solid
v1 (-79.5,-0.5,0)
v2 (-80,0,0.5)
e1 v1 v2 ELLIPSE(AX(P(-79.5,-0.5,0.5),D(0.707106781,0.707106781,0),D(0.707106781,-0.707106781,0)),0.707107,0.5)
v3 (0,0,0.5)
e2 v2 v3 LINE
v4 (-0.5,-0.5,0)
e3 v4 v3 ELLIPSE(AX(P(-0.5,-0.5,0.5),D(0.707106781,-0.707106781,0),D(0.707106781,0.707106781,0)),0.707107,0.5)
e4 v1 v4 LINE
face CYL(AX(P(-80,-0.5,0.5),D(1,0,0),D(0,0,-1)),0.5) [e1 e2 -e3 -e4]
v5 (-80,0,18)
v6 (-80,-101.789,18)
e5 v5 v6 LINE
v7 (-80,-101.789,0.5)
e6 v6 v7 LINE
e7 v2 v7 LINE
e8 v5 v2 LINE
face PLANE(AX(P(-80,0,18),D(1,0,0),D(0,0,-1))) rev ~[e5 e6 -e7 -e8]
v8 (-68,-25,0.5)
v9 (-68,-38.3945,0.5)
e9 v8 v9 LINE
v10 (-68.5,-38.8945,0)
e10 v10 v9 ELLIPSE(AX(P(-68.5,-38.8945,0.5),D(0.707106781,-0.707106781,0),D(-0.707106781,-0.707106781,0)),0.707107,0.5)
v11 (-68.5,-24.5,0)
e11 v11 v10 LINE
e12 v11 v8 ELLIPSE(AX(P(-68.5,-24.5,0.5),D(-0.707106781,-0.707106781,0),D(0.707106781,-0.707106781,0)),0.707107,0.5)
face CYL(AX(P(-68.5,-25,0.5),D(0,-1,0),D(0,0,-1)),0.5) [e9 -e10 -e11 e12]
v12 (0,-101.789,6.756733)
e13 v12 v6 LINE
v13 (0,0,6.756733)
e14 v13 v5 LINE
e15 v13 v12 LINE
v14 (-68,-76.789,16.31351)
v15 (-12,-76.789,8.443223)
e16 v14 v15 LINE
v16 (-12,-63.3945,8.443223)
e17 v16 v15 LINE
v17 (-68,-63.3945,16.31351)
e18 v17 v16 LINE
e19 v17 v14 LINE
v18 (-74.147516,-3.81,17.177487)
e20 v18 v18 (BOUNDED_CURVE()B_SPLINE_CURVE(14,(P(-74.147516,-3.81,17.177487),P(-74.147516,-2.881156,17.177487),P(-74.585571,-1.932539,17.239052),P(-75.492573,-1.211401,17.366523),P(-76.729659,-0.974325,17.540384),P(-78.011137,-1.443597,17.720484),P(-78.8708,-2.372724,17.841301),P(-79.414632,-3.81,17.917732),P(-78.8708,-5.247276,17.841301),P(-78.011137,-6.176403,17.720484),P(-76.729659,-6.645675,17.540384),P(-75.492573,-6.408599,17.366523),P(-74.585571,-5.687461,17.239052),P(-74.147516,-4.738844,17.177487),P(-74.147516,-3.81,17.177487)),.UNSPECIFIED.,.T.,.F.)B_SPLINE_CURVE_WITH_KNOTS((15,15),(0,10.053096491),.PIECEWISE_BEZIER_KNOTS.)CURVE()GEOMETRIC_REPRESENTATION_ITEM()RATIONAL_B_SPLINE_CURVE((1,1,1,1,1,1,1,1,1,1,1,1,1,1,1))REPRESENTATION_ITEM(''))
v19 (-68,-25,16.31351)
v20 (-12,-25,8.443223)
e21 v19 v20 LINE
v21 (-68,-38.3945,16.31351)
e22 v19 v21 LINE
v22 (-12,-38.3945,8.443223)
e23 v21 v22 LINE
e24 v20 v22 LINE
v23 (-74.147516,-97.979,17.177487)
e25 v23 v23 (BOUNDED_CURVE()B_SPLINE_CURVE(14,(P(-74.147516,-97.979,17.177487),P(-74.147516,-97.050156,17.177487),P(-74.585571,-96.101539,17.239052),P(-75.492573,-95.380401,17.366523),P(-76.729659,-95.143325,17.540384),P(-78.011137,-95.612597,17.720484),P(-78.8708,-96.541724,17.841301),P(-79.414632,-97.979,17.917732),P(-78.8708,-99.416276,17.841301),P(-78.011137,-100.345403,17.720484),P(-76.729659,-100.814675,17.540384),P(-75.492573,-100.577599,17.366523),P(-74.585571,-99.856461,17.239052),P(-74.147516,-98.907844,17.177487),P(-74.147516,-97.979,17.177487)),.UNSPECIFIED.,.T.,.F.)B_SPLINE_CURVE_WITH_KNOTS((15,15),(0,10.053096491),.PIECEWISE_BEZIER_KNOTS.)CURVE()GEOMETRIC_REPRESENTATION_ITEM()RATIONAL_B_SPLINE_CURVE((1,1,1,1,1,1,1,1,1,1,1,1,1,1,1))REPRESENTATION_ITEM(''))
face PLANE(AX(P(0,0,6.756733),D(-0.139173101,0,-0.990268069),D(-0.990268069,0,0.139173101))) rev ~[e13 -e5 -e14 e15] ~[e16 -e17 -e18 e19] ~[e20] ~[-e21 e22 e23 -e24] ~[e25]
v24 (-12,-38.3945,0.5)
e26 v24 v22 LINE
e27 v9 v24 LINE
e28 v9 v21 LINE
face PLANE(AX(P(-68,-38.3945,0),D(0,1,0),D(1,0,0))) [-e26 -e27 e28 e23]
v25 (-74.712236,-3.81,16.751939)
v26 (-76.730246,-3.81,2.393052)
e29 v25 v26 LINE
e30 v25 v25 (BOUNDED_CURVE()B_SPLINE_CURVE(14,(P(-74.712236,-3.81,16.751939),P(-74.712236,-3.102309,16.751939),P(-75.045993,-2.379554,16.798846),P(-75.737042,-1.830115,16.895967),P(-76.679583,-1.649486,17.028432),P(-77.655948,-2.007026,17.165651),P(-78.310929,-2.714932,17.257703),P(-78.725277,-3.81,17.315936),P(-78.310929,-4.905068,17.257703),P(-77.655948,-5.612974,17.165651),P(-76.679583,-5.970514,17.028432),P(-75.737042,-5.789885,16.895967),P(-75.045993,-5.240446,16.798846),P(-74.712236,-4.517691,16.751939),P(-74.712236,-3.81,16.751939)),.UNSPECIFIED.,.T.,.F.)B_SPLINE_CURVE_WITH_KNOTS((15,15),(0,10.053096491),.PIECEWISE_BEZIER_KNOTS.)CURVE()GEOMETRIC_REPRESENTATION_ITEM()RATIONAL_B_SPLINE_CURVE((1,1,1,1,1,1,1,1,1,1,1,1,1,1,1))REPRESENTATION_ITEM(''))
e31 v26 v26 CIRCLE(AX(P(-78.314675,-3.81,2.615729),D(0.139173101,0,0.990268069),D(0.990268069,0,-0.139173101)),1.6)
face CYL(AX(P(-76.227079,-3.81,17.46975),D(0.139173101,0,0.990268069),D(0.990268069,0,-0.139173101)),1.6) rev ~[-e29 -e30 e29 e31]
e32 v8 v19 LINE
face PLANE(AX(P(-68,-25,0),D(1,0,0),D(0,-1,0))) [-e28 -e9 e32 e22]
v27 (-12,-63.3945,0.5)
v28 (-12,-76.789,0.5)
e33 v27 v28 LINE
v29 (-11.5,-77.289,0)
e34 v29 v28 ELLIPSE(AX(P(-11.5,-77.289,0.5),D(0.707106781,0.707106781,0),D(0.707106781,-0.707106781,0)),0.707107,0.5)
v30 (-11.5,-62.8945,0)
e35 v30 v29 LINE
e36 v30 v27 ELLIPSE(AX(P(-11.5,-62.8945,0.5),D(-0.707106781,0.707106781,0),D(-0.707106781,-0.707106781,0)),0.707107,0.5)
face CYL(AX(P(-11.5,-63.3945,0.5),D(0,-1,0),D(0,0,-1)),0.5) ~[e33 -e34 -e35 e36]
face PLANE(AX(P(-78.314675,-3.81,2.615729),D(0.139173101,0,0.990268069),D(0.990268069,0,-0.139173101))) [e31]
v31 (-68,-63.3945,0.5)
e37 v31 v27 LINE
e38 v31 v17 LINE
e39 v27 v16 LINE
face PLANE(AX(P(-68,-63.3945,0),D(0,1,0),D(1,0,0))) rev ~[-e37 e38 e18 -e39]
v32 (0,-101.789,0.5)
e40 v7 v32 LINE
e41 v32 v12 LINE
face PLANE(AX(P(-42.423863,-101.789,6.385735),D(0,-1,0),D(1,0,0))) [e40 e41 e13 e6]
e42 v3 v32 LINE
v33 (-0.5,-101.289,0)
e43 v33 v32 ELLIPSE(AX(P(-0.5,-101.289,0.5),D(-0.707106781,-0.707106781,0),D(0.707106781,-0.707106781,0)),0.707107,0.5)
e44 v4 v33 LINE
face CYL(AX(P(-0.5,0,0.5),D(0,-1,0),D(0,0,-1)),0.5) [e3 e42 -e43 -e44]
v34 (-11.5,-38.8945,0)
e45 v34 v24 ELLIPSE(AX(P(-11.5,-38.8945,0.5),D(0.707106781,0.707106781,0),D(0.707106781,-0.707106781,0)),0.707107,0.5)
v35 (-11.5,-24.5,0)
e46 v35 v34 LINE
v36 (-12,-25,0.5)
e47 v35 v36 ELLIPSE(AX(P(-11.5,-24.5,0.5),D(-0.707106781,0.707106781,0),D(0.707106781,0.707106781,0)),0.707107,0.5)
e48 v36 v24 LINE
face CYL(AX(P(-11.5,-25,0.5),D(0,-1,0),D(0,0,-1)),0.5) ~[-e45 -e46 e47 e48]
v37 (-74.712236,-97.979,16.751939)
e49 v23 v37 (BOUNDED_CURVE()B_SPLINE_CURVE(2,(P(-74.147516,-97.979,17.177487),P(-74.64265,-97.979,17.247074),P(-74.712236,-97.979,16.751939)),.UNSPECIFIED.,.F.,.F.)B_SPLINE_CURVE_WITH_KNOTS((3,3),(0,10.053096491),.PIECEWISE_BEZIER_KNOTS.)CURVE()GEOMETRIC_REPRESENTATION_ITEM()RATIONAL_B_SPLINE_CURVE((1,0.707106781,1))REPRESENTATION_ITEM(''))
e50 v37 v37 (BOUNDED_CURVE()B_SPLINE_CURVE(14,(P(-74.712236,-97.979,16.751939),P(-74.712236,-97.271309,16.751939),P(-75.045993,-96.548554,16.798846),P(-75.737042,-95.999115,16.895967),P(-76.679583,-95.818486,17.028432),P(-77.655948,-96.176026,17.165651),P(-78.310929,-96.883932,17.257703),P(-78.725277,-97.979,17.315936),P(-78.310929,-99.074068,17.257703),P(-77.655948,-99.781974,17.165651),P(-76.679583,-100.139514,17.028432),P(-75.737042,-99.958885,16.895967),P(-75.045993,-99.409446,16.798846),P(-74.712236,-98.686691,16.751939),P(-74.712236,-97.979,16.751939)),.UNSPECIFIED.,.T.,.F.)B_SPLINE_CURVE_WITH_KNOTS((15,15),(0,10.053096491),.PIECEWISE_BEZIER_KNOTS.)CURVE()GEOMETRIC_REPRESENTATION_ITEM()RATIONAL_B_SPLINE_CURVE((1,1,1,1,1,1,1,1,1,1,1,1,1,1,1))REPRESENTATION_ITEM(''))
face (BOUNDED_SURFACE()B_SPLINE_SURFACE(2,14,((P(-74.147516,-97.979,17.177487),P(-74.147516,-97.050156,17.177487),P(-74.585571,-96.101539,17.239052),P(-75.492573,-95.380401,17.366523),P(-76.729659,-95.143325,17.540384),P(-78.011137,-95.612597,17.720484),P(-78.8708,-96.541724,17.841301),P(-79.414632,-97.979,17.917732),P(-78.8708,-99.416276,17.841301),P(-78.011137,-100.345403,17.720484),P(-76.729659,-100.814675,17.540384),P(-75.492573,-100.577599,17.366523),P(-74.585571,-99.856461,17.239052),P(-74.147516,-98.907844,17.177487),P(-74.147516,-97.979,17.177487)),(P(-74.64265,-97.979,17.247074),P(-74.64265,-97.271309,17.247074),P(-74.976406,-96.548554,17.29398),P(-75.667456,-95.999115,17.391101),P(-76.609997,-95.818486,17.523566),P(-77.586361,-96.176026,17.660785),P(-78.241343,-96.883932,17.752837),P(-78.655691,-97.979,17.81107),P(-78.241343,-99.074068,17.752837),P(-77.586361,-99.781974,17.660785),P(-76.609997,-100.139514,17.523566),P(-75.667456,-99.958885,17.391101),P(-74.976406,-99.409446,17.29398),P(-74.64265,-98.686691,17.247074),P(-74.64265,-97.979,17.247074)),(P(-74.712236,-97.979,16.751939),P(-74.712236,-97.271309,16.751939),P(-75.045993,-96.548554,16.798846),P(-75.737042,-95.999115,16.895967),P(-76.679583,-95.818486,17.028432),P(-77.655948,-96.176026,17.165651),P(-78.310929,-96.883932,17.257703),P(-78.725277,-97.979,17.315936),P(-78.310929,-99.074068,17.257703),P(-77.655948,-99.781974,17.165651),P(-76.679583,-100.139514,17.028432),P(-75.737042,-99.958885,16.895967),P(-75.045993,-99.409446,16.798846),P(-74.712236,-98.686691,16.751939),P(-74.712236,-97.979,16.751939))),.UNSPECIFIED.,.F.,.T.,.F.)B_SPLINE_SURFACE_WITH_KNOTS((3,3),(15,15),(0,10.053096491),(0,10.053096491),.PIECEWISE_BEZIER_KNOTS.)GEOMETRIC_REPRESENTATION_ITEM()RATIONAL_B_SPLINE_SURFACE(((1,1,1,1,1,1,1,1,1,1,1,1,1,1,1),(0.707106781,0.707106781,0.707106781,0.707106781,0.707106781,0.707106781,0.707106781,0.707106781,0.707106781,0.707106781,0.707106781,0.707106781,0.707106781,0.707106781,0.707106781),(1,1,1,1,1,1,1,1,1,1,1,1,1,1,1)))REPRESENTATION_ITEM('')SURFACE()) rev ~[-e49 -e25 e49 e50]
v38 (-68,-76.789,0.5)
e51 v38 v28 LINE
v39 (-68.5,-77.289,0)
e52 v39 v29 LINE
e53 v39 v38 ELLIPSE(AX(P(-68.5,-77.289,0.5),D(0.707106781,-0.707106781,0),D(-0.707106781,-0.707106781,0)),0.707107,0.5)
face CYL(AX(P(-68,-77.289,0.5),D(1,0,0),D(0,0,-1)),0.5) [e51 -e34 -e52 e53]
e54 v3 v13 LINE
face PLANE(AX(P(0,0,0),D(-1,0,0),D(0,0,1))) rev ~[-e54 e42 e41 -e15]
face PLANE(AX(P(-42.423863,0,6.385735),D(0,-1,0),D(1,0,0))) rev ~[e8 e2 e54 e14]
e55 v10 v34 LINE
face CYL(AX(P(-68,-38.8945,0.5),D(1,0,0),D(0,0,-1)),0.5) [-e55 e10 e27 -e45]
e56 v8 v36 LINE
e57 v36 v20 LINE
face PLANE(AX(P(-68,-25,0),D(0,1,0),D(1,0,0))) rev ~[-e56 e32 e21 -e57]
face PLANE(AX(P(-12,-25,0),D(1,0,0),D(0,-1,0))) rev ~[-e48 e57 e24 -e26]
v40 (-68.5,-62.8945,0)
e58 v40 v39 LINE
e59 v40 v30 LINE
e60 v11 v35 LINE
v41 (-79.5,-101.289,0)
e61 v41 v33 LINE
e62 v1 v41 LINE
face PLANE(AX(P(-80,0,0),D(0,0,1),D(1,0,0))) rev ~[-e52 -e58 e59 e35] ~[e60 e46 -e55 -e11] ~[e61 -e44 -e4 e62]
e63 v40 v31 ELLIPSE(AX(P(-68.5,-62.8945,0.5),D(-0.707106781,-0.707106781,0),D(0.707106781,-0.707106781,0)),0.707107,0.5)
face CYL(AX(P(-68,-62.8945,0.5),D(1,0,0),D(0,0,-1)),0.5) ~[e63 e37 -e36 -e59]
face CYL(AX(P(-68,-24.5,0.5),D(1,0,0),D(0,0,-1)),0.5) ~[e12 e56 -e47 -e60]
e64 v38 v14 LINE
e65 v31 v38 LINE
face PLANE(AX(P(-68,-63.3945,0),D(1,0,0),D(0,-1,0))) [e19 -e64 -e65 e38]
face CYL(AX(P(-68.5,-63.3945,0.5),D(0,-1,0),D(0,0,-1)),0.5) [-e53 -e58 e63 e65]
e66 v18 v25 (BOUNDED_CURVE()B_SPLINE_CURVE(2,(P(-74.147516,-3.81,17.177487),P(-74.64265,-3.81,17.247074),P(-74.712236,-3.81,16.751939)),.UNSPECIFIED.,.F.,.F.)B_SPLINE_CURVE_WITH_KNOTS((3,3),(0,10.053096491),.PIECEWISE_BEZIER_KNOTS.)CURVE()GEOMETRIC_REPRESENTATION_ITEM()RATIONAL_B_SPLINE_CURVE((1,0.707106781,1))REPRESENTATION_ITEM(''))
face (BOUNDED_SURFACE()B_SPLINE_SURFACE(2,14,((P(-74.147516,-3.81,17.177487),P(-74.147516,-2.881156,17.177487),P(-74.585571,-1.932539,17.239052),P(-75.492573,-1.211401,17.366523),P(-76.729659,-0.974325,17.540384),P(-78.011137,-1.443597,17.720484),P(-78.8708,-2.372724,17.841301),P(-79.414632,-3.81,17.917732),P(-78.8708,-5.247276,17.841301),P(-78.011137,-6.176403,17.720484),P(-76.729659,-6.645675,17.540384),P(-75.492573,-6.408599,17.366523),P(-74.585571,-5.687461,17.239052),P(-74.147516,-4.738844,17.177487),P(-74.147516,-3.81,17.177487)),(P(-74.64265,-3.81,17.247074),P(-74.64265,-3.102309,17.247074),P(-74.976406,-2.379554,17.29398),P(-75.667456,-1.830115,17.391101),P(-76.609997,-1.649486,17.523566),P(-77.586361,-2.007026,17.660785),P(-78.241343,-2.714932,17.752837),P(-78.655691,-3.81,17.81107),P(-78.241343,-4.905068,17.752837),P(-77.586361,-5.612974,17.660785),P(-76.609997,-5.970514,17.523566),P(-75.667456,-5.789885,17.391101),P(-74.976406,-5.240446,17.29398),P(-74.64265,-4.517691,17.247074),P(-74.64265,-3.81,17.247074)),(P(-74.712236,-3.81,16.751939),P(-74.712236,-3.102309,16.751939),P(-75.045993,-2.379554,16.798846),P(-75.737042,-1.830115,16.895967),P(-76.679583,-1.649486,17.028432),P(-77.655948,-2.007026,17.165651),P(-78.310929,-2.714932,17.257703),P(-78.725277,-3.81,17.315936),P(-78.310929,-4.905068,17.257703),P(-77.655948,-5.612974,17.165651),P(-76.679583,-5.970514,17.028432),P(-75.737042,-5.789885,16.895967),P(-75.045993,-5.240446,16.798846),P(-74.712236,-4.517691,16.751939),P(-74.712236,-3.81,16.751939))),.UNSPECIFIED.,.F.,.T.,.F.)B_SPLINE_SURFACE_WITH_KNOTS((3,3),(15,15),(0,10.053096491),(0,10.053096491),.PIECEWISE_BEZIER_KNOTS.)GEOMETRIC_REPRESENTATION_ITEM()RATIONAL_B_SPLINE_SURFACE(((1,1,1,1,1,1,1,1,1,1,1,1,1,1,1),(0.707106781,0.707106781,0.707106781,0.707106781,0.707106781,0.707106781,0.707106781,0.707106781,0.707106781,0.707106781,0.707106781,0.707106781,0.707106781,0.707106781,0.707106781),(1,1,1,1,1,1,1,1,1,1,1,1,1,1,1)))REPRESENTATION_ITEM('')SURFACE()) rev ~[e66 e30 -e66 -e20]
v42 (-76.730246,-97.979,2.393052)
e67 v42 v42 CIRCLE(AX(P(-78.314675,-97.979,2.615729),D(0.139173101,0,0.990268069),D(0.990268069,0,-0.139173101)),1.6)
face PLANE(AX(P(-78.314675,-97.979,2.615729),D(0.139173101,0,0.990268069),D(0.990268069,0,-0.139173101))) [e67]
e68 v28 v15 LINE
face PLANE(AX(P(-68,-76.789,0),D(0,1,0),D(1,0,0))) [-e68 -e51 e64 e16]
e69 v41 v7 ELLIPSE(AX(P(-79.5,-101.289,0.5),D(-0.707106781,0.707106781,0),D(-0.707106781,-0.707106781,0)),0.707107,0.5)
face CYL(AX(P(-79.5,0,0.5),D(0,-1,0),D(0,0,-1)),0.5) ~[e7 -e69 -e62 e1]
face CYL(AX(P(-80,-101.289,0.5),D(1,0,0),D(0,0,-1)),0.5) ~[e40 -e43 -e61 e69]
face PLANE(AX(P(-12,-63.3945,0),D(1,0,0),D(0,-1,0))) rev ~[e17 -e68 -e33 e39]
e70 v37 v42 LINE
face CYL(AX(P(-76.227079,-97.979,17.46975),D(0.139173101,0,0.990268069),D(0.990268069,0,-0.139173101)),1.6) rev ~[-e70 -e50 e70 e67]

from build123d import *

# Parameters (mm, degrees)
F1_DEPTH = 101.789
F2_W     = 56
F2_H     = 13.3945
F3_DEPTH = 25
F4_R     = 1.6
F5_DEPTH = 15
F6_R     = 0.5


with BuildPart() as f1:
    # F0 (on Front) → F1 (new body)
    with BuildSketch(Plane.XZ):
        Polygon((-80, 0), (0, 0), (0, 6.7567332238), (-80, 18), align=None)
    extrude(amount=F1_DEPTH)

    # F2 (on face) → F3 (cut)
    with BuildSketch(Plane(origin=(0, 0, 0), x_dir=(1, 0, 0), z_dir=(0, 0, -1))):
        with Locations((-40, 70.09175)):
            Rectangle(F2_W, F2_H)
        with Locations((-40, 31.69725)):
            Rectangle(F2_W, F2_H)
    extrude(amount=-F3_DEPTH, mode=Mode.SUBTRACT)

    # F4 (on face) → F5 (cut)
    with BuildSketch(Plane(origin=(0.9312040399, 0, 6.6258610308), x_dir=(0.9902680687, 0, -0.139173101), z_dir=(0.139173101, 0, 0.9902680687))):
        with Locations((-77.9165613166, -3.81)):
            Circle(F4_R)
        with Locations((-77.9165613166, -97.979)):
            Circle(F4_R)
    extrude(amount=-F5_DEPTH, mode=Mode.SUBTRACT)

    # F6
    f6_edges = [f1.edges().sort_by_distance(p)[0] for p in [
        (-77.811508, -97.979, 17.692427),
        (-77.811508, -3.81, 17.692427),
        (-80, -50.8945, 0),
        (-40, 0, 0),
        (-40, -101.789, 0),
        (0, -50.8945, 0),
        (-12, -70.09175, 0),
        (-40, -63.3945, 0),
        (-68, -70.09175, 0),
        (-40, -76.789, 0),
        (-40, -25, 0),
        (-68, -31.69725, 0),
        (-40, -38.3945, 0),
        (-12, -31.69725, 0),
    ]]
    fillet(f6_edges, radius=F6_R)


solid = f1.part
